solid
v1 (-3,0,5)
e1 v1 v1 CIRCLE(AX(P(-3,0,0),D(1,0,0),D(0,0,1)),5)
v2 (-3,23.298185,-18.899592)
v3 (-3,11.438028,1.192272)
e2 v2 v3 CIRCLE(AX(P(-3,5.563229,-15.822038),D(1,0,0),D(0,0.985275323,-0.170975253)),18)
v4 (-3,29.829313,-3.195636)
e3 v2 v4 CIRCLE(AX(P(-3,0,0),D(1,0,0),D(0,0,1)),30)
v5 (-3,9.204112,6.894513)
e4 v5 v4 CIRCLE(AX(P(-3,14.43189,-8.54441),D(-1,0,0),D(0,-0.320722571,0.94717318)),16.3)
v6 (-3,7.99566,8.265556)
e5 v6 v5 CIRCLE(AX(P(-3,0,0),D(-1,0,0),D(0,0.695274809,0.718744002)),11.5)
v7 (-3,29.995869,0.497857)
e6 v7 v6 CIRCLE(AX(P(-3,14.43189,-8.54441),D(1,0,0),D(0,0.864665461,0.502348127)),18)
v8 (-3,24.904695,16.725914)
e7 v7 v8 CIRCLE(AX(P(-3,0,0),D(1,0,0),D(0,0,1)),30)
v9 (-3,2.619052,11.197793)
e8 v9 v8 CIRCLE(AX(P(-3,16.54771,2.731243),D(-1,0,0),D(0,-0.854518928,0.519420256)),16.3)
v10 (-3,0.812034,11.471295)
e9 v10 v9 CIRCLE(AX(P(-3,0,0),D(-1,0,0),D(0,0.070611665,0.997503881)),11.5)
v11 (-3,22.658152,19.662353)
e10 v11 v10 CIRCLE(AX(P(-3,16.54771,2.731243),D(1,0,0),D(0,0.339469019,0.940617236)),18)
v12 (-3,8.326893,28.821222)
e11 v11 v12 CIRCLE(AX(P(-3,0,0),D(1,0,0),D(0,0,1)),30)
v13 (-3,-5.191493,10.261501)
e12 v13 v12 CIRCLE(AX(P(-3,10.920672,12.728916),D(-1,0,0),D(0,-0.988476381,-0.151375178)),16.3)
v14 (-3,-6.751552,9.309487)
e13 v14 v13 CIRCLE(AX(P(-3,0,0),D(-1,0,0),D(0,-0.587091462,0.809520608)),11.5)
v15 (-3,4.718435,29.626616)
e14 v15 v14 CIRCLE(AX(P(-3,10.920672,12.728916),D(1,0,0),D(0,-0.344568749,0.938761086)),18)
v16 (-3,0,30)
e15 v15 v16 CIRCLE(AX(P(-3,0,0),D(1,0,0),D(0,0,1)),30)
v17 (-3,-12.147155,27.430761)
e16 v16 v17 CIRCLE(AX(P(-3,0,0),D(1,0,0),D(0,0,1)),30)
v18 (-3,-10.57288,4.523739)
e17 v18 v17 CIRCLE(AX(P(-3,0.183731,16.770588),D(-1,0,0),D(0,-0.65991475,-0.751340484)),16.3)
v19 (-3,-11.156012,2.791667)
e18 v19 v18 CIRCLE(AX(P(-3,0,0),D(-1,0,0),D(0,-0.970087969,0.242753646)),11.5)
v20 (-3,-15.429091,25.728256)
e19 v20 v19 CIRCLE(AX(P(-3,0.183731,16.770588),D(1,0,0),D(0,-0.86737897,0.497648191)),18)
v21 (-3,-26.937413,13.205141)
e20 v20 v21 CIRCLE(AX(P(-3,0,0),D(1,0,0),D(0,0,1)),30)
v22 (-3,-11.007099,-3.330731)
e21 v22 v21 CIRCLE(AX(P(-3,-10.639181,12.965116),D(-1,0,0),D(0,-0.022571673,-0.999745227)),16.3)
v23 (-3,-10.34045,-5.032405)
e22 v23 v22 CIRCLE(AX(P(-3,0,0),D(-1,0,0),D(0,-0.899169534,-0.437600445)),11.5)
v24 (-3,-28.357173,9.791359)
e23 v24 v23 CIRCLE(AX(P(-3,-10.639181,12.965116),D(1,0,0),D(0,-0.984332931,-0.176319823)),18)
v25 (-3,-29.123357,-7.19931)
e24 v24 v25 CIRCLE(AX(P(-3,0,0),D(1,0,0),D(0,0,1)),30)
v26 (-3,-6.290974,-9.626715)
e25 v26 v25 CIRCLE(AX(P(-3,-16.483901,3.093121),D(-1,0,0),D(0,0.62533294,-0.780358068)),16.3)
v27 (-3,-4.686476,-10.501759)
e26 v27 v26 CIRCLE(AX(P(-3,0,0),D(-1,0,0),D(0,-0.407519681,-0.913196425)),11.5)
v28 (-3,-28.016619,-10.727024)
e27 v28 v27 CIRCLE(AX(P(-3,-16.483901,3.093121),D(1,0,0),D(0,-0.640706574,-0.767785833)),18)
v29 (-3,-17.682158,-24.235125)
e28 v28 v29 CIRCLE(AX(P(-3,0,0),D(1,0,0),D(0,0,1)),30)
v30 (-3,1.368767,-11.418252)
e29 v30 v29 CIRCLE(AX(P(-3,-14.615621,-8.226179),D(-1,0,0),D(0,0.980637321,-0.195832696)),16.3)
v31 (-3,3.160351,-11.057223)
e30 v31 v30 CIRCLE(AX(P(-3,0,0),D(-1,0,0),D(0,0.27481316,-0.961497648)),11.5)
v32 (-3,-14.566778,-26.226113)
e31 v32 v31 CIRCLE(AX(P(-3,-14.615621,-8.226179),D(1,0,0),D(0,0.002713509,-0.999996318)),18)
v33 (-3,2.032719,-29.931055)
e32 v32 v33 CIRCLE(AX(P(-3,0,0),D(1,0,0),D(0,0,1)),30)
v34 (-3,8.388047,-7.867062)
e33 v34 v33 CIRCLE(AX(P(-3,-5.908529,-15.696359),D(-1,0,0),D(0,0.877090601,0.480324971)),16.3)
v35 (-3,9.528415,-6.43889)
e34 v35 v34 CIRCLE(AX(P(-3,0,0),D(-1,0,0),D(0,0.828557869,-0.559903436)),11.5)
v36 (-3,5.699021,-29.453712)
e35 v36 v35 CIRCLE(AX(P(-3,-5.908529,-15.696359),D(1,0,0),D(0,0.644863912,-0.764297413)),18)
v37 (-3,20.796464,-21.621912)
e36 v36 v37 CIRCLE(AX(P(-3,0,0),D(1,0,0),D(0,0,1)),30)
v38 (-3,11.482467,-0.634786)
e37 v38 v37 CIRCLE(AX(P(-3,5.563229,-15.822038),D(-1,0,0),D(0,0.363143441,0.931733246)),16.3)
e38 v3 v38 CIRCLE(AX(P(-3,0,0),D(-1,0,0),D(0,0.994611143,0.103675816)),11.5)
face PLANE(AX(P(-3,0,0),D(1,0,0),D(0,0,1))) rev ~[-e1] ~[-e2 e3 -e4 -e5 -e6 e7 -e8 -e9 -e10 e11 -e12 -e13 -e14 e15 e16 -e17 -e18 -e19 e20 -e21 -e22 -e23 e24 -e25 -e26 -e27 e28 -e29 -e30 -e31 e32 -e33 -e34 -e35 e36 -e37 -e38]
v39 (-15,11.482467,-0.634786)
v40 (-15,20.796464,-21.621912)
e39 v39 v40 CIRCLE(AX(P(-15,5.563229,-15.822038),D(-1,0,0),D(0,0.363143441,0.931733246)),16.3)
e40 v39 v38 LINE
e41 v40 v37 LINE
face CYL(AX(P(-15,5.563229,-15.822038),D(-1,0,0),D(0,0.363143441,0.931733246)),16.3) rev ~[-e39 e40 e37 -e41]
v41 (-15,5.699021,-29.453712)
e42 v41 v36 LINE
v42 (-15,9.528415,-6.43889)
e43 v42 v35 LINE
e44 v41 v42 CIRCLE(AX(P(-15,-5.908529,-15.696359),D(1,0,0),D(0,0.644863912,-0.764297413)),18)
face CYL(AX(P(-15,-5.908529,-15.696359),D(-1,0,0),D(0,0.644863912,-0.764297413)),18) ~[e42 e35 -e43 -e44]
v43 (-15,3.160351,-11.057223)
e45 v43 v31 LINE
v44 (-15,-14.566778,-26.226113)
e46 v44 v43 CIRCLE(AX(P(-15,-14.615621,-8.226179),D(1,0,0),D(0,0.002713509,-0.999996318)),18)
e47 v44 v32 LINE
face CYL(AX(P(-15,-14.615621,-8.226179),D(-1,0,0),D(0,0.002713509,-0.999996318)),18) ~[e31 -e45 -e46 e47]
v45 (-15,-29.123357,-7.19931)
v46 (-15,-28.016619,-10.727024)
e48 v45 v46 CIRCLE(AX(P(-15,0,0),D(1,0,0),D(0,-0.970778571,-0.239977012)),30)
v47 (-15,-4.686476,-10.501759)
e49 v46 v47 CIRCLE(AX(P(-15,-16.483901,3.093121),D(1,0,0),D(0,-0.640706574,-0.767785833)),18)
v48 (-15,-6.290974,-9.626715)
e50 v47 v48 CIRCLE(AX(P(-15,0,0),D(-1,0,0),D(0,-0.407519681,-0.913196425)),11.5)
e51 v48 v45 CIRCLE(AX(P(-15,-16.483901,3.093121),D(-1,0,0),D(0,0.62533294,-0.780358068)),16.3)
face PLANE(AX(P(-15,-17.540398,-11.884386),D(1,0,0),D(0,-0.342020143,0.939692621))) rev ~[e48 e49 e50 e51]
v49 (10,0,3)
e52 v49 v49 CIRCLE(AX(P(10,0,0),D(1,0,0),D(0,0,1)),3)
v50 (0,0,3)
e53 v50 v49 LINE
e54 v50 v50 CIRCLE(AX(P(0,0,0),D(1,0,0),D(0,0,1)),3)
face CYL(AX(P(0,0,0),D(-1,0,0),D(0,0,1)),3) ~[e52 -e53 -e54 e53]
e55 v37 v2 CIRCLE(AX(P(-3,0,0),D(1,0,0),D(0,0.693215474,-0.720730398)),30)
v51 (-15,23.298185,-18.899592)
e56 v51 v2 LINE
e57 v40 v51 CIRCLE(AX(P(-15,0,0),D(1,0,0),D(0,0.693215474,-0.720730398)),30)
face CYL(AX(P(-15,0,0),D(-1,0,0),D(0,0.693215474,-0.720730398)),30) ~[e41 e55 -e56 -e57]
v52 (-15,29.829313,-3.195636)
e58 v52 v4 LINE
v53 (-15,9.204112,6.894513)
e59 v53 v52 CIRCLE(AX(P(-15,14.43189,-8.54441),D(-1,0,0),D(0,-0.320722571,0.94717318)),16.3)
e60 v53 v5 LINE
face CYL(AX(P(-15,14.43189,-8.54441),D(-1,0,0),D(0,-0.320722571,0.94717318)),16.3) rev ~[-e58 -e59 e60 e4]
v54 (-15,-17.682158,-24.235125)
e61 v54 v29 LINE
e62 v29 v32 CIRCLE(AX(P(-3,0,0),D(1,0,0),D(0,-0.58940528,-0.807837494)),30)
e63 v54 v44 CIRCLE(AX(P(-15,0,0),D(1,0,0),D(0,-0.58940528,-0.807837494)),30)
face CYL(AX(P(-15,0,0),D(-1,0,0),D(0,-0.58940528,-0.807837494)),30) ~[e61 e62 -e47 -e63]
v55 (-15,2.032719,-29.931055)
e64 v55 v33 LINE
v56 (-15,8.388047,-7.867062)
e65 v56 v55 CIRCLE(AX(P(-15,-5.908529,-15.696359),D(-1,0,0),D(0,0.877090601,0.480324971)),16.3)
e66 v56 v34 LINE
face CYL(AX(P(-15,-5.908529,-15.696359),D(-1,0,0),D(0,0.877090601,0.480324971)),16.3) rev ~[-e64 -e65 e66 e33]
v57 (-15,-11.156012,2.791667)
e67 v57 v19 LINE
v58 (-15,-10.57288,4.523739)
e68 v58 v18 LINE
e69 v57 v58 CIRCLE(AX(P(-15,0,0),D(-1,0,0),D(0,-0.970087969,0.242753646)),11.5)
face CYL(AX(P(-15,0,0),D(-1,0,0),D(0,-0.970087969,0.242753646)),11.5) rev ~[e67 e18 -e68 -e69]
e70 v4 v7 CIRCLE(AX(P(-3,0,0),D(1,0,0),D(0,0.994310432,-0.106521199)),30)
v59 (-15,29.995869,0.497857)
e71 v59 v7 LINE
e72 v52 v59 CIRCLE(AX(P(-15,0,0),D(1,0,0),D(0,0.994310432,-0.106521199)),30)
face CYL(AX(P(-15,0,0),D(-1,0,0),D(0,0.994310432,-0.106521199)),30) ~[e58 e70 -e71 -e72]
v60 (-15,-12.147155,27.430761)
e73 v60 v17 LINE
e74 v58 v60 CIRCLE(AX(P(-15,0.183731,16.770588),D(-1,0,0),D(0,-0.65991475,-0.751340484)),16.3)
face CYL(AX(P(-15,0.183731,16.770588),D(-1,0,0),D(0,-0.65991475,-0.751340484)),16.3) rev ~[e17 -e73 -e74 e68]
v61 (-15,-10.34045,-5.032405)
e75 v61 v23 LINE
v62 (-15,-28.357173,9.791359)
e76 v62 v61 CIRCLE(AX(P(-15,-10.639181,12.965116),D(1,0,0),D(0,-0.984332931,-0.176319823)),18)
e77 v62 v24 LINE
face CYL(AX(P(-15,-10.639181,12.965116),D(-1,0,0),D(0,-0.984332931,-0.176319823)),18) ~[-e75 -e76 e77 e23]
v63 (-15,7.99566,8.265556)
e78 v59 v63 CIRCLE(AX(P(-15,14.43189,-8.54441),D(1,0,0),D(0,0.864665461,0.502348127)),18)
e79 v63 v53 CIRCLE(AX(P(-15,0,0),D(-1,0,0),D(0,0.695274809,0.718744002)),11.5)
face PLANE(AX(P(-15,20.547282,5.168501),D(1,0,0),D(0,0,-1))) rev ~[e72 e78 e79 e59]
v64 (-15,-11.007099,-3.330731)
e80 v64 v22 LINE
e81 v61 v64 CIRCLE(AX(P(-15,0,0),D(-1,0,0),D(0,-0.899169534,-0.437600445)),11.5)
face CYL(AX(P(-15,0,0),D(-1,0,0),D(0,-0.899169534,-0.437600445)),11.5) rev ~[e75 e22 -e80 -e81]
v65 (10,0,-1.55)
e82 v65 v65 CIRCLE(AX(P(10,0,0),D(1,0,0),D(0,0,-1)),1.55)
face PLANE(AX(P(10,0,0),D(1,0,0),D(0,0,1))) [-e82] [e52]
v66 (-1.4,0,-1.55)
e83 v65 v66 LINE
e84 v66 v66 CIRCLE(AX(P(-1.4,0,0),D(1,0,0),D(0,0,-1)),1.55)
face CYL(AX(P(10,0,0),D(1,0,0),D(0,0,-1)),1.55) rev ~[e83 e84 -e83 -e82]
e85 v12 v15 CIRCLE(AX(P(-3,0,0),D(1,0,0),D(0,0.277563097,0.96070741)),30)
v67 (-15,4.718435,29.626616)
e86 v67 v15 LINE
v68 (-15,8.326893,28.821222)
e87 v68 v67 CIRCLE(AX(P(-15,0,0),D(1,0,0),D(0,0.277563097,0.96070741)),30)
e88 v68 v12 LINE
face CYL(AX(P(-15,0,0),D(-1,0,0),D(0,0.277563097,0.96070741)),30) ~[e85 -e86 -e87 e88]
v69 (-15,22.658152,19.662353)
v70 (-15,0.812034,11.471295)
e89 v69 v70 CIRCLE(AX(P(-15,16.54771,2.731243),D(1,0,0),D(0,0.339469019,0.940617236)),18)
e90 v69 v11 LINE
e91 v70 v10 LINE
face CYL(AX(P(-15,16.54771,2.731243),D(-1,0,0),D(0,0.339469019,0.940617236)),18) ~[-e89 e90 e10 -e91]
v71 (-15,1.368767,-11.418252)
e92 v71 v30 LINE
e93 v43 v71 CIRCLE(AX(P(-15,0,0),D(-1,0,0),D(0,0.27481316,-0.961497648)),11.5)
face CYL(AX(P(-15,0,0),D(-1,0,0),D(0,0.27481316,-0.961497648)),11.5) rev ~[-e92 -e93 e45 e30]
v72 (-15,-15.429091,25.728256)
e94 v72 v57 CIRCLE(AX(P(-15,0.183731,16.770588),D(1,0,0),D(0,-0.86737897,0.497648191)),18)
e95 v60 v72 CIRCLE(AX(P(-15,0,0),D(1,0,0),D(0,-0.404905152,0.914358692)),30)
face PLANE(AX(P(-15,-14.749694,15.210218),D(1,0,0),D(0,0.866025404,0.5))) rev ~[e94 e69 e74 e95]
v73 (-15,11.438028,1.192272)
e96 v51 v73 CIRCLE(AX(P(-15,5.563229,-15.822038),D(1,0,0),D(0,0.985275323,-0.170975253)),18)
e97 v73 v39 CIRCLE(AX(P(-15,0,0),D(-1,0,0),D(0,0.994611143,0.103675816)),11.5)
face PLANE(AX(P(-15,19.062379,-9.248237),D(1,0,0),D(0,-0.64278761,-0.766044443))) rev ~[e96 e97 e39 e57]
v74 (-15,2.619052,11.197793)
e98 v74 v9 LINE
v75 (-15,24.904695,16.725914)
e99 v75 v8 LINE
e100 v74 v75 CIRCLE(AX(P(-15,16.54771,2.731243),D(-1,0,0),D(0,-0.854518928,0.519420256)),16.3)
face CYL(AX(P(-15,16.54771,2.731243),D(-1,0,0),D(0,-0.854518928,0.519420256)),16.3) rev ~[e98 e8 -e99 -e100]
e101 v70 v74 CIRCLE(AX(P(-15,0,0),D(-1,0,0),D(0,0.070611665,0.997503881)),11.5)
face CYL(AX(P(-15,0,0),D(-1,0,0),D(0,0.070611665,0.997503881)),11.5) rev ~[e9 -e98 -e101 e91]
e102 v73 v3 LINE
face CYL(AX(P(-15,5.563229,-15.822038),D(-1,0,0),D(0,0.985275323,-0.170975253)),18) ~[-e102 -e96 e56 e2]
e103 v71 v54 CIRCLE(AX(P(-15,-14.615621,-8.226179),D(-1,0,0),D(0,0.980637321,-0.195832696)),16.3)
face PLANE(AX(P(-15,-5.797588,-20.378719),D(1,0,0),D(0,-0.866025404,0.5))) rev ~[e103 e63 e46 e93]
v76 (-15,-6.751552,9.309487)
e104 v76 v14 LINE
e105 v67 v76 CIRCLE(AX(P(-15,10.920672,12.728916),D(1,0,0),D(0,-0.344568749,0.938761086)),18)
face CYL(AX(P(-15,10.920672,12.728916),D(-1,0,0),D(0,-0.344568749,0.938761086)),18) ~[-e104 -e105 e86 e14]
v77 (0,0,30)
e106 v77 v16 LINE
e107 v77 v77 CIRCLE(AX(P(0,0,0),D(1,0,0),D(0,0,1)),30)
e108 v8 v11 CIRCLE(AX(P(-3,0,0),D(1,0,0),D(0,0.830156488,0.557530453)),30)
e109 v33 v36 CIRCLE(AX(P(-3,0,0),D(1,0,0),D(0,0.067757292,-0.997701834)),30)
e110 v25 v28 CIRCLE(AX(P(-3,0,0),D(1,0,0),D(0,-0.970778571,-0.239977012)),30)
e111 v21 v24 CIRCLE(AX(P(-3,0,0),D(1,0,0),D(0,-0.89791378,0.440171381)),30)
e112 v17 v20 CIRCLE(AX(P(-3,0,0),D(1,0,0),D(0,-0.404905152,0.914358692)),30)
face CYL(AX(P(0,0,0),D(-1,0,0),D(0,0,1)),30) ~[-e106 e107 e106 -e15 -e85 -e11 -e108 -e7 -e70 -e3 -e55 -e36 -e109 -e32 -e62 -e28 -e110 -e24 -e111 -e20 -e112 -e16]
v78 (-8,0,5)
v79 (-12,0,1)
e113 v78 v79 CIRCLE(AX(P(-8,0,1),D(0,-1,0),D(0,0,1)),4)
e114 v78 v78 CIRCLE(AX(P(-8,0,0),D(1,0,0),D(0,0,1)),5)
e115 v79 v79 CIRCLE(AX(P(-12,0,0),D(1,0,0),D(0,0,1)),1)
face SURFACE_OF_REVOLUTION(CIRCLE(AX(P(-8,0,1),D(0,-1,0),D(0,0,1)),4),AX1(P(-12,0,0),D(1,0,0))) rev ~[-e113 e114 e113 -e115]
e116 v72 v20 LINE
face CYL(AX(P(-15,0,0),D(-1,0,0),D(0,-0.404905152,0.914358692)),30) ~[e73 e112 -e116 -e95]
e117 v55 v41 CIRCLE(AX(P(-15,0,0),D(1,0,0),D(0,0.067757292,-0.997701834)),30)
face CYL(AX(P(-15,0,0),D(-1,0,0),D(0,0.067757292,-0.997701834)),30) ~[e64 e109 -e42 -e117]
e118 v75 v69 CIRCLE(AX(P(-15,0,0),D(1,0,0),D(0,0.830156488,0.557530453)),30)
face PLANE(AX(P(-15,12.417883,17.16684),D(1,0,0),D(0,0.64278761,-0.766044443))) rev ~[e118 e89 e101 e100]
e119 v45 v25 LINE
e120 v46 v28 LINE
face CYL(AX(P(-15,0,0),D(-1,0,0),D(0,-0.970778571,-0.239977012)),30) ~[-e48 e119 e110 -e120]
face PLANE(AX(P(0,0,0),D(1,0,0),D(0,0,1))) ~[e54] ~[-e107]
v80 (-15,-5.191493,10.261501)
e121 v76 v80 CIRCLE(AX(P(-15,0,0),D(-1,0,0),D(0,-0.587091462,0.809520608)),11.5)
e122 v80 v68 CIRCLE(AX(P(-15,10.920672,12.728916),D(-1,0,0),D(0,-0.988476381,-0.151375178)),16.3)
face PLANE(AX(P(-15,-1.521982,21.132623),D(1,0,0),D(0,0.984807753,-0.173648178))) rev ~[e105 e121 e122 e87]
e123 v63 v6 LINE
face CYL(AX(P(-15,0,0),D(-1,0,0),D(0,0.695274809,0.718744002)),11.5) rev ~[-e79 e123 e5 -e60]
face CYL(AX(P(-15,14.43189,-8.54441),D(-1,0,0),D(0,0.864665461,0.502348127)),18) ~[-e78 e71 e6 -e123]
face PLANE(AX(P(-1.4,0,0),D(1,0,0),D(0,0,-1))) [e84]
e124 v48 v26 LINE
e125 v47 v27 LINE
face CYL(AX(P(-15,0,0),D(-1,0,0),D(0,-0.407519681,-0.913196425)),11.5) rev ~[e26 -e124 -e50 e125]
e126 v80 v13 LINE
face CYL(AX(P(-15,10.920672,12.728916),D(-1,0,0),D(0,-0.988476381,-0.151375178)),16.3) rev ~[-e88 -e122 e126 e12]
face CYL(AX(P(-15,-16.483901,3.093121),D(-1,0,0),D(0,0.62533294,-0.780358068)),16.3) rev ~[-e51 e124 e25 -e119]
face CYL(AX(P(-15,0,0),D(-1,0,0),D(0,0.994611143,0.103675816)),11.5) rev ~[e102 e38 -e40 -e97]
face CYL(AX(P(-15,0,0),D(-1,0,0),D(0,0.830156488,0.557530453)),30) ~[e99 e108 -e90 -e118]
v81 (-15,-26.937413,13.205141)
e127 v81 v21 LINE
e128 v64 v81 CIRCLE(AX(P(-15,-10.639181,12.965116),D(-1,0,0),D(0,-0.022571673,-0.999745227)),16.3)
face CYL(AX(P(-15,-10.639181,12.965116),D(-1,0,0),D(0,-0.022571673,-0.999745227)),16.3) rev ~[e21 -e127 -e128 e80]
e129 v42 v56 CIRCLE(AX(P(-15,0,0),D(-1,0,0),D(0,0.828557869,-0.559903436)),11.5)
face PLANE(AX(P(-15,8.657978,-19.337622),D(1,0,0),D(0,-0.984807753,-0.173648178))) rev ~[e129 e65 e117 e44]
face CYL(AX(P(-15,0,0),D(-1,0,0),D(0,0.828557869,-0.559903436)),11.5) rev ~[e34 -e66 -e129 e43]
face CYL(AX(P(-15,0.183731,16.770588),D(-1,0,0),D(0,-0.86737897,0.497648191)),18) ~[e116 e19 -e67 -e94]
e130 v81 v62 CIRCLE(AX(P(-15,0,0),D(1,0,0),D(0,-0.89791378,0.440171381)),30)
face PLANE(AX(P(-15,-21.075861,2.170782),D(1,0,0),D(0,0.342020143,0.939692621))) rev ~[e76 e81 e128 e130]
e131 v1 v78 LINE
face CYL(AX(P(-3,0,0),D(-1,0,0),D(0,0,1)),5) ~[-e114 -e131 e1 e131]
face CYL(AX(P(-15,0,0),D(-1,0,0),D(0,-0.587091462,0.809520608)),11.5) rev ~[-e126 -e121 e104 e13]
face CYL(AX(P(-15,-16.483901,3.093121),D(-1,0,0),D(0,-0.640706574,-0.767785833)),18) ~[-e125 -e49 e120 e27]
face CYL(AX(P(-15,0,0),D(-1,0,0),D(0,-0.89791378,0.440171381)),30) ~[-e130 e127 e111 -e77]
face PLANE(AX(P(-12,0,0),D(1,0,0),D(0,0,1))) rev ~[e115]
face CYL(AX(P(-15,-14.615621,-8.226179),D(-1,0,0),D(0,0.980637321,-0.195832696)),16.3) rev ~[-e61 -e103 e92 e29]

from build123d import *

# Parameters (mm, degrees)
SKETCH4_R           = 3
BOSS_EXTRUDE2_DEPTH = 10
SKETCH5_R           = 1.55
CUT_EXTRUDE1_DEPTH  = 11.4
BOSS_EXTRUDE3_START = 12
BOSS_EXTRUDE3_DEPTH = 12
CIRPATTERN2_COUNT   = 9


with BuildPart() as part:
    # Sketch1 → Revolve1 (revolve)
    with BuildSketch(Plane(origin=(0, 0, 0), x_dir=(1, 0, 0), z_dir=(0, 1, 0)), mode=Mode.PRIVATE) as revolve1_sk:
        with BuildLine():
            Line((0, 0), (0, 30))
            Line((0, 30), (-3, 30))
            Line((-3, 30), (-3, 5))
            Line((-3, 5), (-8, 5))
            ThreePointArc((-8, 5), (-10.828427125, 3.828427125), (-12, 1))
            Line((-12, 1), (-12, 0))
            Line((-12, 0), (0, 0))
        make_face()
    revolve(revolve1_sk.sketch.rotate(Axis((-12, 0, 0), (1, 0, 0)), 180), axis=Axis((-12, 0, 0), (1, 0, 0)))

    # Sketch4 → Boss-Extrude2 (add)
    with BuildSketch(Plane(origin=(0, 0, 0), x_dir=(0, 0, -1), z_dir=(1, 0, 0))):
        with Locations(Location((0, 0, 0), (0, 0, 180))):
            Circle(SKETCH4_R)
    extrude(amount=BOSS_EXTRUDE2_DEPTH)

    # Sketch5 → Cut-Extrude1 (cut)
    with BuildSketch(Plane(origin=(10, 0, 0), x_dir=(0, 0, -1), z_dir=(1, 0, 0))):
        Circle(SKETCH5_R)
    extrude(amount=-CUT_EXTRUDE1_DEPTH, mode=Mode.SUBTRACT)

    # Sketch6 → Boss-Extrude3 (add)
    with BuildSketch(Plane.ZY.offset(3).offset(BOSS_EXTRUDE3_START)):
        with BuildLine():
            ThreePointArc((8.265556015, 7.995660308), (7.604078802, 8.627165559), (6.89451328, 9.204112485))
            ThreePointArc((6.89451328, 9.204112485), (6.09737327, 21.594864355), (-3.195635958, 29.829312946))
            ThreePointArc((-3.195635958, 29.829312946), (-1.351457872, 29.969543901), (0.497856742, 29.995868693))
            ThreePointArc((0.497856742, 29.995868693), (8.428709352, 20.424655605), (8.265556015, 7.995660308))
        make_face()
    boss_extrude3 = extrude(amount=-BOSS_EXTRUDE3_DEPTH)

    # CirPattern2: Boss-Extrude3 ×9 about axis
    cirpattern2_axis = Axis((0, 0, 0), (1, 0, 0))
    for i in range(1, CIRPATTERN2_COUNT):
        add(boss_extrude3.rotate(cirpattern2_axis, i * 360 / CIRPATTERN2_COUNT))


solid = part.part
